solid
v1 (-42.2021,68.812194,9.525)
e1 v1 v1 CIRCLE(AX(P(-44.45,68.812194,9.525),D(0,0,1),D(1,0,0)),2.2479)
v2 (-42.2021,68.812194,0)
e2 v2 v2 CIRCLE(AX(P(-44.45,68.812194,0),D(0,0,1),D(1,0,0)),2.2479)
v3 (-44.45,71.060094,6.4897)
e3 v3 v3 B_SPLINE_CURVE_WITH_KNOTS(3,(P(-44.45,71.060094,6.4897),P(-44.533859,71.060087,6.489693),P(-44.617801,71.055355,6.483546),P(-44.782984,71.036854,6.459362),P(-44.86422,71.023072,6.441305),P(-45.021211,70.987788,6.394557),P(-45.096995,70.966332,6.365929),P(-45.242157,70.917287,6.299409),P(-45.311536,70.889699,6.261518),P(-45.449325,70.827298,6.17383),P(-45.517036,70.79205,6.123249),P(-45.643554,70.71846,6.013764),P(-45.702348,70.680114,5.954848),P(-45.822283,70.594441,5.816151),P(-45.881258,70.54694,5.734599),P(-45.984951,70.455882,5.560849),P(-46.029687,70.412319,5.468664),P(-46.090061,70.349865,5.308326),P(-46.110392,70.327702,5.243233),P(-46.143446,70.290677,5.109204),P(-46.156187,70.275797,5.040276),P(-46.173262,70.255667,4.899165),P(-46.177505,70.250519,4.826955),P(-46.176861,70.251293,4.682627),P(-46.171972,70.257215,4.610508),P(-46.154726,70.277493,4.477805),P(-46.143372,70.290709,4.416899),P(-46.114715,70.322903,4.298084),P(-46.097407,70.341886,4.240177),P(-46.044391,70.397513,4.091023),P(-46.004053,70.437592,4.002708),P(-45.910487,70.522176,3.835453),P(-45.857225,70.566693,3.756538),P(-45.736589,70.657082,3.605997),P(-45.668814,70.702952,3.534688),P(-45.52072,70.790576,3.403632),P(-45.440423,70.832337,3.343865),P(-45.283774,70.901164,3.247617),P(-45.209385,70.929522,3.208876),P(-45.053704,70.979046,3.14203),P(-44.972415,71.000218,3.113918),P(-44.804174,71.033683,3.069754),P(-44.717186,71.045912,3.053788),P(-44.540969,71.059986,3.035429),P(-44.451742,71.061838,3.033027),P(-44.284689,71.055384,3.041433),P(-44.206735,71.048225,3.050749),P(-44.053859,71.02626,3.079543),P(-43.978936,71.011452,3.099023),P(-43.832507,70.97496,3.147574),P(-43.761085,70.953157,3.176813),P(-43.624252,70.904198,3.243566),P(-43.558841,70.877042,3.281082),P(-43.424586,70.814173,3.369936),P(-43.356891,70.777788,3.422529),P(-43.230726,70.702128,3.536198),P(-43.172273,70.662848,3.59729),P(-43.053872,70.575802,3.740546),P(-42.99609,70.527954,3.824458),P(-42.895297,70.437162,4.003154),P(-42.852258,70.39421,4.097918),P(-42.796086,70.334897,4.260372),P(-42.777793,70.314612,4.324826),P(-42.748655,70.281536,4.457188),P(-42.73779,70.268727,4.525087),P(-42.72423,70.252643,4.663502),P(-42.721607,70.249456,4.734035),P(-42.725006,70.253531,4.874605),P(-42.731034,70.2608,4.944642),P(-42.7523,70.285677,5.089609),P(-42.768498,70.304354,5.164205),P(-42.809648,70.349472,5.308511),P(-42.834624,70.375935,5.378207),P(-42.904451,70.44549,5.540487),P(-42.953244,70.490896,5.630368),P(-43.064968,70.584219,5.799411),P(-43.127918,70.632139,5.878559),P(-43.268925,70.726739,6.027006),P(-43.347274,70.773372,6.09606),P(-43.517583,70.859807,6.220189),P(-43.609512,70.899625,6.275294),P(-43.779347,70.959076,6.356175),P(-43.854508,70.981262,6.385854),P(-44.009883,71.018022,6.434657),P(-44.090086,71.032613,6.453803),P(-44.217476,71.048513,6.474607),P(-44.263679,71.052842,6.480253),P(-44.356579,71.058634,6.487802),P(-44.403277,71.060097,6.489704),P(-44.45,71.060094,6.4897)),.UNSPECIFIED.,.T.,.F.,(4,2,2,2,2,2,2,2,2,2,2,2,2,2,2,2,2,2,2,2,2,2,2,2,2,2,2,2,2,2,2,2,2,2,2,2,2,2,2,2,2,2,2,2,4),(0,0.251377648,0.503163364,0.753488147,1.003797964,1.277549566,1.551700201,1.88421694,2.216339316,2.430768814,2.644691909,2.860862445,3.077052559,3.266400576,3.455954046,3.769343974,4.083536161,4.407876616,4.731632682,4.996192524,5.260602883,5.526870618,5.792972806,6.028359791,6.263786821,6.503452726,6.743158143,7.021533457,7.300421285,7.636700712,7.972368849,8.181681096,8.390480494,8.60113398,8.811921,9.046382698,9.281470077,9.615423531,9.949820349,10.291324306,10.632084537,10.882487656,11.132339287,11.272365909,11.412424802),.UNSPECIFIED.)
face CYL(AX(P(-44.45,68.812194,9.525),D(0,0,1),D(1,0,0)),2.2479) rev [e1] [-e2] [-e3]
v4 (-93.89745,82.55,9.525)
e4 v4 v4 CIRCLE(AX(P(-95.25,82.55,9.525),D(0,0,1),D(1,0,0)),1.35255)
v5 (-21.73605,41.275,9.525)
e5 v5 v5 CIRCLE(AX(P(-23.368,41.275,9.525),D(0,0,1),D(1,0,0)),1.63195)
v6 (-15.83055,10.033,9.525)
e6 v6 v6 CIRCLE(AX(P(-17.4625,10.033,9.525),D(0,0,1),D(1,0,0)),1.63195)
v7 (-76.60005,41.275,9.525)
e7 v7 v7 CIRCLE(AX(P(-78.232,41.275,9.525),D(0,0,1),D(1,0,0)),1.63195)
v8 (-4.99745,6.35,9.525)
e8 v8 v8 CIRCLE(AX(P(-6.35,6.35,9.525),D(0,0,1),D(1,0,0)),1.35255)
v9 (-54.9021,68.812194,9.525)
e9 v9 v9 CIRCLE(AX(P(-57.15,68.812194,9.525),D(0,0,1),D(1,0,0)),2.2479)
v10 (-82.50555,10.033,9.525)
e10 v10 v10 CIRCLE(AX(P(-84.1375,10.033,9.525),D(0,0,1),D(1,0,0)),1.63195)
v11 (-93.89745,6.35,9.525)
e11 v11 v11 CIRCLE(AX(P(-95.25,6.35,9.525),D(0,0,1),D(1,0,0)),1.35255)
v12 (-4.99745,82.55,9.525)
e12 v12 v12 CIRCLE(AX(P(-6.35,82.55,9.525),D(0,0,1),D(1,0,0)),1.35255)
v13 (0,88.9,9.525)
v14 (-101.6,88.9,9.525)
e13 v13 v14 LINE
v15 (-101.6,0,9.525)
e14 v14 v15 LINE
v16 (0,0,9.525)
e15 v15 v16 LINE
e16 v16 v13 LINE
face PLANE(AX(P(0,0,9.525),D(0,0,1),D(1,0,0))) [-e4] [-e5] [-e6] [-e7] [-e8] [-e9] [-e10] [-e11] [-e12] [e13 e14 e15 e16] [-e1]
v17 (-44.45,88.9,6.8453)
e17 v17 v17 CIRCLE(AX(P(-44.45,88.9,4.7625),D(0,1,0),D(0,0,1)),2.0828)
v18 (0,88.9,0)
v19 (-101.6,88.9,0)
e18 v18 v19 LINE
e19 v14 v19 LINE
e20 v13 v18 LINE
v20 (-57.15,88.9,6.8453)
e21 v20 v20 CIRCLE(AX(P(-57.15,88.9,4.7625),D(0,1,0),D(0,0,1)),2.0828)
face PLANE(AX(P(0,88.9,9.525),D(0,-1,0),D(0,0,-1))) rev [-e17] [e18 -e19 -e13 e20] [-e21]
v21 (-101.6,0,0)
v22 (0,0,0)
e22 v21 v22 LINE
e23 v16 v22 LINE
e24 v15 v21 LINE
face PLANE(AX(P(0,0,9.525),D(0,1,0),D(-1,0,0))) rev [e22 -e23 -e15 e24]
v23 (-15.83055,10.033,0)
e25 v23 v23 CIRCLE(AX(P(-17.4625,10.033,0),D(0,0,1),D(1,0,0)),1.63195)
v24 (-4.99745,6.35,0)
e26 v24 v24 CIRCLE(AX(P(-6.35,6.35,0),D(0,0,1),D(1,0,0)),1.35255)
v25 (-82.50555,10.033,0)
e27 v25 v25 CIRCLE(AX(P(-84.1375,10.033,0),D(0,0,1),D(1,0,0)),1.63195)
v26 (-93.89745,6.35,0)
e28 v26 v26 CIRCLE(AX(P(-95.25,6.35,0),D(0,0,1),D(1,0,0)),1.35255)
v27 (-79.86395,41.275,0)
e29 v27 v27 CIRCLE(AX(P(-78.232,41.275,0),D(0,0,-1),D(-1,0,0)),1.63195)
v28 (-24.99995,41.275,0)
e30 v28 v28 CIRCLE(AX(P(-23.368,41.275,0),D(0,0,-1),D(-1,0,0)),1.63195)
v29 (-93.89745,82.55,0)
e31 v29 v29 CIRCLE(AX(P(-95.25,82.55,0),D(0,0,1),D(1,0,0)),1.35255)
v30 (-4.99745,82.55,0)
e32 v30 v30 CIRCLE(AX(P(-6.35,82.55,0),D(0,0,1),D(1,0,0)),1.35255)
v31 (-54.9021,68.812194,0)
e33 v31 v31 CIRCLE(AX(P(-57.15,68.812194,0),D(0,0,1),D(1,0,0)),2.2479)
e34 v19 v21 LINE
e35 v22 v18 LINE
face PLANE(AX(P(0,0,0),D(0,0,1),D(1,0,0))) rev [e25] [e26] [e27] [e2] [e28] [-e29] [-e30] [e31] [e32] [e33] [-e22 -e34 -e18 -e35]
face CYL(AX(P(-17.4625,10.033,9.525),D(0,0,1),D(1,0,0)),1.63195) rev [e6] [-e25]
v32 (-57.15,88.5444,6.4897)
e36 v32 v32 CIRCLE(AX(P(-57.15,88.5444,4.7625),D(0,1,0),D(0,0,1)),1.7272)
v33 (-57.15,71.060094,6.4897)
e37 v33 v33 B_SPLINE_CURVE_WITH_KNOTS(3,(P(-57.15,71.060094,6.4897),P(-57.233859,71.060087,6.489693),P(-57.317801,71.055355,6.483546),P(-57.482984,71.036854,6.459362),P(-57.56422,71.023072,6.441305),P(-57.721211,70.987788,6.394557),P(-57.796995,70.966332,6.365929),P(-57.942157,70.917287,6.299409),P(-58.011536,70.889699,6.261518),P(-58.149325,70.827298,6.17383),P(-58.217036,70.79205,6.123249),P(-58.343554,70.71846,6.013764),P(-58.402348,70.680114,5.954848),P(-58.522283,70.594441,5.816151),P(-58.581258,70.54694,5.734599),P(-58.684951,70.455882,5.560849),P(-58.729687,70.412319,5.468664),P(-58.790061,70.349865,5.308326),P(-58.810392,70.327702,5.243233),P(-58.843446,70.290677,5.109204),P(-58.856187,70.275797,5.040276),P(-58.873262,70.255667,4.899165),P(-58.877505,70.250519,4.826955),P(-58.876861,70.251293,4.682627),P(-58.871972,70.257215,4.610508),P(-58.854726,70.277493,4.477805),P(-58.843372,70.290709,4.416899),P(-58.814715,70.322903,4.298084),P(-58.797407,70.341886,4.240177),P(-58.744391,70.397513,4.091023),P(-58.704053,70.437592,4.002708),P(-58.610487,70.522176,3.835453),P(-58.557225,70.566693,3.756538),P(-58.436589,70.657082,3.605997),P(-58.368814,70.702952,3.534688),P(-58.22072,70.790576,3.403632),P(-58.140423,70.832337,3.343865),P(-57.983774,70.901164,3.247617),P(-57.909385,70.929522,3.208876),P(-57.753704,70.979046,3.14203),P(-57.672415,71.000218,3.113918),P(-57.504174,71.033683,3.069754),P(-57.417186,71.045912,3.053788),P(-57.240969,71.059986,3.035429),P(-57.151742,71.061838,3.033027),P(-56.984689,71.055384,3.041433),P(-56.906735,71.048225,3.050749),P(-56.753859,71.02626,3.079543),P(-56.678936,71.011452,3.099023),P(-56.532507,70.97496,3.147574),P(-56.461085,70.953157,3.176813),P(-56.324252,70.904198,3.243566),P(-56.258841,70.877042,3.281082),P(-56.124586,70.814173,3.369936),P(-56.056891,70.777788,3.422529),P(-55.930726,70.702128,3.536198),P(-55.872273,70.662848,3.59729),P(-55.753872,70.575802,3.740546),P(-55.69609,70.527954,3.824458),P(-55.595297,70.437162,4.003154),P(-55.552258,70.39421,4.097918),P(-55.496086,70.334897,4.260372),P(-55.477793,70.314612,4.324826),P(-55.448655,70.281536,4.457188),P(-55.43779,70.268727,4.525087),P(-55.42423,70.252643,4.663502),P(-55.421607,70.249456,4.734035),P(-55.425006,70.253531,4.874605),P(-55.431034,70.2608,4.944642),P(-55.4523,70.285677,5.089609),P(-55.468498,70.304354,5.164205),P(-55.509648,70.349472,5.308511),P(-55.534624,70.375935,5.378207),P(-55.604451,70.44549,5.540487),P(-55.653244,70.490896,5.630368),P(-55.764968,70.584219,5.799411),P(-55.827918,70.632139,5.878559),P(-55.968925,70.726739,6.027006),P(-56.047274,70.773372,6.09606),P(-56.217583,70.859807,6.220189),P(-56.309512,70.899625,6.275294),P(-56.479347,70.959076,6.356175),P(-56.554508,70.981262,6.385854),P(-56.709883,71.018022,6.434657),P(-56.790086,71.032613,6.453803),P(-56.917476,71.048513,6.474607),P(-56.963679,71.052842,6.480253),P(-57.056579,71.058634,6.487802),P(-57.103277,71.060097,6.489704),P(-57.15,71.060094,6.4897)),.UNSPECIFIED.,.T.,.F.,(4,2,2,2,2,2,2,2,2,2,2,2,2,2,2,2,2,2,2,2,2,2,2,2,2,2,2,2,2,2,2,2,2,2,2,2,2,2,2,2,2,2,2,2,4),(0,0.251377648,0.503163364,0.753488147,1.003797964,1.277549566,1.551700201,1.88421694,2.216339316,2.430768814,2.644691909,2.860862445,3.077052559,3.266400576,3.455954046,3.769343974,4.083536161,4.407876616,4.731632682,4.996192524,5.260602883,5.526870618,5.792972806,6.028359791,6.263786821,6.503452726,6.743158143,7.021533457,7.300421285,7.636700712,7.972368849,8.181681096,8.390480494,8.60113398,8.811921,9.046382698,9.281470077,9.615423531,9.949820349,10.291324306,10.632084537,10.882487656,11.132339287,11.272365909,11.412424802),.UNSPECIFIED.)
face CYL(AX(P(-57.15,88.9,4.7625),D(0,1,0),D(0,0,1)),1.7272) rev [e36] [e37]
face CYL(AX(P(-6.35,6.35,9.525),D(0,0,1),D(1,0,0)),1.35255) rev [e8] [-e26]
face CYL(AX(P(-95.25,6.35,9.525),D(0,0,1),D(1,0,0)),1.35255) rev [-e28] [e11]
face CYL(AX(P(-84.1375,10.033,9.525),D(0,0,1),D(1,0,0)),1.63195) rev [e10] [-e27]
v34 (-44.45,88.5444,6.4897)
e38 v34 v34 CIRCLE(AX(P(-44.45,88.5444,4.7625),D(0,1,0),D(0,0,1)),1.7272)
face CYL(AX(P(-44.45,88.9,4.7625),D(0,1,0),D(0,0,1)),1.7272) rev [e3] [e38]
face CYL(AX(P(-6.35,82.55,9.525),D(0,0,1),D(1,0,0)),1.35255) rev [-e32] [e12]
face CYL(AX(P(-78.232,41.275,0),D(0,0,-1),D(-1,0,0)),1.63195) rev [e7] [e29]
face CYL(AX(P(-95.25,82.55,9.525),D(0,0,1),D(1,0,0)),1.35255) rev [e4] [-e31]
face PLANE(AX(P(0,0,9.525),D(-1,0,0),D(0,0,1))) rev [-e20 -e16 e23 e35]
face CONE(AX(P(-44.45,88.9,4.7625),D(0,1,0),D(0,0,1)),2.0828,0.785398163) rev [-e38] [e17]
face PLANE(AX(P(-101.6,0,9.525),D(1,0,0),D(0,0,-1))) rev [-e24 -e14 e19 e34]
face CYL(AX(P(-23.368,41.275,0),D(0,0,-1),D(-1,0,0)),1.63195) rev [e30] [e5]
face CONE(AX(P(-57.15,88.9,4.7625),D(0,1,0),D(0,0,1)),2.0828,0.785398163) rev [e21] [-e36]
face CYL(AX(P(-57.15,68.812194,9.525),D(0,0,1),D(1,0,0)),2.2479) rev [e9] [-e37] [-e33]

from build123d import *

# Parameters (mm, degrees)
SKETCH1_W                       = 101.6
SKETCH1_H                       = 88.9
BOSS_EXTRUDE1_DEPTH             = 9.525
F_8_32_TAPPED_HOLE1_D           = 3.4544
F_8_32_TAPPED_HOLE1_DEPTH       = 19.05
F_8_32_TAPPED_HOLE1_CSINK_D     = 4.1656
F_8_32_TAPPED_HOLE1_CSINK_ANGLE = 90
F_8_32_TAPPED_HOLE1_TIP         = 1.037806461
F_8_CLEARANCE_HOLE2_D           = 4.4958
F_8_CLEARANCE_HOLE2_DEPTH       = 25.4
F_8_CLEARANCE_HOLE2_TIP         = 1.350674586
F_6_32_TAPPED_HOLE1_D           = 2.7051
F_4_CLEARANCE_HOLE1_D           = 3.2639
F_4_CLEARANCE_HOLE1_DEPTH       = 9.525
F_4_CLEARANCE_HOLE2_D           = 3.2639
F_4_CLEARANCE_HOLE2_DEPTH       = 9.525


with BuildPart() as part:
    # Sketch1 → Boss-Extrude1 (new body)
    with BuildSketch(Plane.XY):
        with Locations((-50.8, 44.45)):
            Rectangle(SKETCH1_W, SKETCH1_H)
    extrude(amount=BOSS_EXTRUDE1_DEPTH)

    # #8-32 Tapped Hole1
    with Locations(Plane(origin=(0, 88.9, 0), x_dir=(1, 0, 0), z_dir=(0, 1, 0))):
        with Locations((-44.45, -4.7625), (-57.15, -4.7625)):
            CounterSinkHole(F_8_32_TAPPED_HOLE1_D / 2, F_8_32_TAPPED_HOLE1_CSINK_D / 2, depth=F_8_32_TAPPED_HOLE1_DEPTH, counter_sink_angle=F_8_32_TAPPED_HOLE1_CSINK_ANGLE)
            with Locations((0, 0, -(F_8_32_TAPPED_HOLE1_DEPTH + F_8_32_TAPPED_HOLE1_TIP / 2))):  # 118° drill point
                Cone(0, F_8_32_TAPPED_HOLE1_D / 2, F_8_32_TAPPED_HOLE1_TIP, mode=Mode.SUBTRACT)

    # #8 Clearance Hole2
    with Locations(Plane.XY.offset(9.525)):
        with Locations((-44.45, 68.812193539), (-57.15, 68.812193539)):
            Hole(F_8_CLEARANCE_HOLE2_D / 2, depth=F_8_CLEARANCE_HOLE2_DEPTH)
            with Locations((0, 0, -(F_8_CLEARANCE_HOLE2_DEPTH + F_8_CLEARANCE_HOLE2_TIP / 2))):  # 118° drill point
                Cone(0, F_8_CLEARANCE_HOLE2_D / 2, F_8_CLEARANCE_HOLE2_TIP, mode=Mode.SUBTRACT)

    # #6-32 Tapped Hole1 (through all)
    with Locations(Plane.XY.offset(9.525)):
        with Locations((-95.25, 6.35), (-95.25, 82.55), (-6.35, 6.35), (-6.35, 82.55)):
            Hole(F_6_32_TAPPED_HOLE1_D / 2)

    # #4 Clearance Hole1
    with Locations(Plane.XY.offset(9.525)):
        with Locations((-17.4625, 10.033), (-84.1375, 10.033)):
            Hole(F_4_CLEARANCE_HOLE1_D / 2, depth=F_4_CLEARANCE_HOLE1_DEPTH)

    # #4 Clearance Hole2
    with Locations(Plane(origin=(0, 0, 0), x_dir=(-1, 0, 0), z_dir=(0, 0, -1))):
        with Locations((23.368, 41.275), (78.232, 41.275)):
            Hole(F_4_CLEARANCE_HOLE2_D / 2, depth=F_4_CLEARANCE_HOLE2_DEPTH)


solid = part.part
